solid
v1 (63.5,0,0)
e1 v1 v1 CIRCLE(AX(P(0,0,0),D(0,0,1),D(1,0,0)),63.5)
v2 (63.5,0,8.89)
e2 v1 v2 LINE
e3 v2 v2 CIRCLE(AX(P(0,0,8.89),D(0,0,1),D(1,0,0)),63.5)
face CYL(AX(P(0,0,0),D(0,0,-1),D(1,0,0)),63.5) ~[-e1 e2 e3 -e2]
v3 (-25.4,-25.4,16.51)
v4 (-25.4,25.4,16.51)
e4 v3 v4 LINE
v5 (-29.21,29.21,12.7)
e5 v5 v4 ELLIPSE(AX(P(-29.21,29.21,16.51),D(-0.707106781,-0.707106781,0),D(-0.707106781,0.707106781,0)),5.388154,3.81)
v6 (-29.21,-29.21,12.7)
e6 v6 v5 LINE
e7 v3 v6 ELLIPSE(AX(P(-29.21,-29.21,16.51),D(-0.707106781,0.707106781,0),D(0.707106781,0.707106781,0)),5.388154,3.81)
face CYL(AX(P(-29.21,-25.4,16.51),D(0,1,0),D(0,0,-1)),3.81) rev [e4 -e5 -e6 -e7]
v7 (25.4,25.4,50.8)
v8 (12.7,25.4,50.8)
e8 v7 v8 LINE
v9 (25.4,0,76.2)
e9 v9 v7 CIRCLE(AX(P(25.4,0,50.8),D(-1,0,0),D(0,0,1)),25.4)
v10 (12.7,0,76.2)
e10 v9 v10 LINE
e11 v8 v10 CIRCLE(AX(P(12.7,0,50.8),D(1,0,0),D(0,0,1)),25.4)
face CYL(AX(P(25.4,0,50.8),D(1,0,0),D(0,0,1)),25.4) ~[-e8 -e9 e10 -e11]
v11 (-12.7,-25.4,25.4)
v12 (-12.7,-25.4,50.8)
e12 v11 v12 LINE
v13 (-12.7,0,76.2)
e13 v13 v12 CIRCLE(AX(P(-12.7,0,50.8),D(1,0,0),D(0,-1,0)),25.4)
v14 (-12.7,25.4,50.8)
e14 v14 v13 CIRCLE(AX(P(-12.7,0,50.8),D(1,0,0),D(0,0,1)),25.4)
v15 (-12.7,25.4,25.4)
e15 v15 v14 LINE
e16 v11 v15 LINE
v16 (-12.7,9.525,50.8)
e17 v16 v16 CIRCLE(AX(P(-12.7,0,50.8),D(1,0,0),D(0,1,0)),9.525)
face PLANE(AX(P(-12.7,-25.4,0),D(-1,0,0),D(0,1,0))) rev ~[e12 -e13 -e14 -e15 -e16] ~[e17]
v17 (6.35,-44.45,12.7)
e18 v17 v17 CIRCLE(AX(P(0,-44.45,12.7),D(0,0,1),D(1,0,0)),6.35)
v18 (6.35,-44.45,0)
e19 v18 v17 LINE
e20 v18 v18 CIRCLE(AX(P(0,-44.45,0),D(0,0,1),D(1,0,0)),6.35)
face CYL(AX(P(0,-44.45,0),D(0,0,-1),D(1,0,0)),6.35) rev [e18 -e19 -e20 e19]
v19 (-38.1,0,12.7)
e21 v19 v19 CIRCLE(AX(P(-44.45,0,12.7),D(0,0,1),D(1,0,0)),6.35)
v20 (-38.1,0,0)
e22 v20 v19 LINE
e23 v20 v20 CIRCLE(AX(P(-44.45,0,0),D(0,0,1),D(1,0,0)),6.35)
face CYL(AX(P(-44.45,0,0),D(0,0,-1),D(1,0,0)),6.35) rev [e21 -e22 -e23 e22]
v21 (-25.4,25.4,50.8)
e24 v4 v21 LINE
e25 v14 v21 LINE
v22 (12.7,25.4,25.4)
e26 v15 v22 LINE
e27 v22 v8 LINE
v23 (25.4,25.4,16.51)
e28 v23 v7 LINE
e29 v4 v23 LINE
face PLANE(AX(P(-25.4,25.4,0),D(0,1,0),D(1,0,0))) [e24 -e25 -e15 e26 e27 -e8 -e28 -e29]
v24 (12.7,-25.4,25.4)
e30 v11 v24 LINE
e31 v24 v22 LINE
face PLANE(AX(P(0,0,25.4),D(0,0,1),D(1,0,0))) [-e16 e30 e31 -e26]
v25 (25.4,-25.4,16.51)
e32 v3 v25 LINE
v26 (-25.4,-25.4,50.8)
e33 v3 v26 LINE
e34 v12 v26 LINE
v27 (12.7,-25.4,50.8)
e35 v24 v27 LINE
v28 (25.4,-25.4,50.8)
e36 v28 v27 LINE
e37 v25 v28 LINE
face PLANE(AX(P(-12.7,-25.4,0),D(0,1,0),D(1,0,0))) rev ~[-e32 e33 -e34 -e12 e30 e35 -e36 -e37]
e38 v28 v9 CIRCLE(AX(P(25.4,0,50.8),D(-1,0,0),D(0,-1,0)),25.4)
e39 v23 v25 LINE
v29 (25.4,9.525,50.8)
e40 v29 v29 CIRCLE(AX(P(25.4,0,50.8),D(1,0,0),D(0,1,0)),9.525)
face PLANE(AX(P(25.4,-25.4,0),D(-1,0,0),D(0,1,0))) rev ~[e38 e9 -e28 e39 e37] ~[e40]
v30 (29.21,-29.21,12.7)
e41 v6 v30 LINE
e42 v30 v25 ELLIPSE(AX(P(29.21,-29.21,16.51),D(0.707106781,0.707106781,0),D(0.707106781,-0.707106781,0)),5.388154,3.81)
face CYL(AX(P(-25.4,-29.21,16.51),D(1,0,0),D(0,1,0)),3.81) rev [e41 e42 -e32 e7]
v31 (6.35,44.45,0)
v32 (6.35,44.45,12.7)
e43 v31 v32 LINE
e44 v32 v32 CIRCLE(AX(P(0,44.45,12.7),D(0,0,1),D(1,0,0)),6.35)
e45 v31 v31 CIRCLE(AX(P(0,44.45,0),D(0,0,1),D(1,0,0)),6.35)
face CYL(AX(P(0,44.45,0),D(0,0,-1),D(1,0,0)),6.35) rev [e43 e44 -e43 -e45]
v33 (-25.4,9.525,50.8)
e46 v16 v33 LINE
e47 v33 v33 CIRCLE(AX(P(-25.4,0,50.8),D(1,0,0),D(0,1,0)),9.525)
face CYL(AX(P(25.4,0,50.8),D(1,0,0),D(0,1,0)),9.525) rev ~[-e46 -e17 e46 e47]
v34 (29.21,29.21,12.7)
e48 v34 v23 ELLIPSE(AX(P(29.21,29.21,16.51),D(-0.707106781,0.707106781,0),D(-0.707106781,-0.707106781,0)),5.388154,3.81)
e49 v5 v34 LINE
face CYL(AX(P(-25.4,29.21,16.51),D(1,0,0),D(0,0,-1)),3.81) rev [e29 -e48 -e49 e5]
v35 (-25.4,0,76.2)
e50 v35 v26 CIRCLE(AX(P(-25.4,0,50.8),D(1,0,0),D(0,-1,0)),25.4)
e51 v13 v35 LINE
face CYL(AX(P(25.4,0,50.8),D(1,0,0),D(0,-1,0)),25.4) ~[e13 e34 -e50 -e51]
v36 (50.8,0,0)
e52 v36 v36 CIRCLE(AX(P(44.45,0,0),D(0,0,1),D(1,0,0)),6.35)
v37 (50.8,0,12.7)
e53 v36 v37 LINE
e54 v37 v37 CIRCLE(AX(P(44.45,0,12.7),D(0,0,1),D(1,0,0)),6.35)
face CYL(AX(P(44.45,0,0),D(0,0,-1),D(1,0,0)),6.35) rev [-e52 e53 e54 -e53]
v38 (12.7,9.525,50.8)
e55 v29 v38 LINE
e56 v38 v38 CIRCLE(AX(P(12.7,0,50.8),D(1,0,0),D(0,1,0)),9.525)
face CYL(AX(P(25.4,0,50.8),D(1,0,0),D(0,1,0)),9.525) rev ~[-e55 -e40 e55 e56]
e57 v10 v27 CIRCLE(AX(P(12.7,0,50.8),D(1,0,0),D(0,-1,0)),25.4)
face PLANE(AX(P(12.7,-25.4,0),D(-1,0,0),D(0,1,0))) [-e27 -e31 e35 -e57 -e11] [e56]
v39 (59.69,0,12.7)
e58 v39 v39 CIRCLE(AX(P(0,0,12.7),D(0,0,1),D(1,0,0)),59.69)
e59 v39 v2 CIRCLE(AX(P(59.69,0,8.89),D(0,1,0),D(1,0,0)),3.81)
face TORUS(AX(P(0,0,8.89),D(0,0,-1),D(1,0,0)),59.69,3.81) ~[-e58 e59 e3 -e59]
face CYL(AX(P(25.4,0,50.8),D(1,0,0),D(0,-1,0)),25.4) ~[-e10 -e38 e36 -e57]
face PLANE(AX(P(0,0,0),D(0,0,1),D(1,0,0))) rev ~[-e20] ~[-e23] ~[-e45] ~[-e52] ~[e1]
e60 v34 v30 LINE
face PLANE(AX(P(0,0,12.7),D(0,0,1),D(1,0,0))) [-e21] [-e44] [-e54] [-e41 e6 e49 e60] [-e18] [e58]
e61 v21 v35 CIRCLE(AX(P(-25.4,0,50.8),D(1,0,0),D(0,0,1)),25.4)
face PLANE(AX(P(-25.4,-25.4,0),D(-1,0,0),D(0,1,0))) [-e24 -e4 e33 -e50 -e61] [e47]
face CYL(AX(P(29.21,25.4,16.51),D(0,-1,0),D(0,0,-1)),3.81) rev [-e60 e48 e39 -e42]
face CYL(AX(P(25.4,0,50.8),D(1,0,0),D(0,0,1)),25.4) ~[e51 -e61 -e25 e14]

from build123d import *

# Parameters (mm, degrees)
F0_R     = 63.5
F0_R_2   = 6.35
F1_DEPTH = 12.7
F0_W     = 12.7
F0_H     = 50.8
F2_DEPTH = 76.2
F0_W_2   = 25.4
F3_DEPTH = 25.4
F4_R     = 9.525
F5_DEPTH = 88.901
F6_R     = 3.81


with BuildPart() as f1:
    # F0 (on Top) → F1 (new body)
    with BuildSketch(Plane.XY):
        Circle(F0_R)
        with Locations((0, -44.45)):
            Circle(F0_R_2, mode=Mode.SUBTRACT)
        with Locations((-44.45, 0)):
            Circle(F0_R_2, mode=Mode.SUBTRACT)
        Polygon((-25.4, -25.4), (-25.4, 25.4), (-12.7, 25.4), (12.7, 25.4), (25.4, 25.4), (25.4, -25.4), (12.7, -25.4), (-12.7, -25.4), align=None, mode=Mode.SUBTRACT)
        with Locations((44.45, 0)):
            Circle(F0_R_2, mode=Mode.SUBTRACT)
        with Locations((0, 44.45)):
            Circle(F0_R_2, mode=Mode.SUBTRACT)
    extrude(amount=F1_DEPTH)

    # F0 (on Top) → F2 (join)
    with BuildSketch(Plane.XY):
        with Locations((-19.05, 0)):
            Rectangle(F0_W, F0_H)
        with Locations((19.05, 0)):
            Rectangle(F0_W, F0_H)
    extrude(amount=F2_DEPTH)

    # F0 (on Top) → F3 (join)
    with BuildSketch(Plane.XY):
        Rectangle(F0_W_2, F0_H)
    extrude(amount=F3_DEPTH)

    # F4 (on face) → F5 (cut, through all)
    with BuildSketch(Plane.YZ.offset(25.4)):
        with Locations((0, 50.8)):
            Circle(F4_R)
        with BuildLine():
            ThreePointArc((-25.4, 50.8), (-17.9605122421, 68.7605122421), (0, 76.2))
            Line((0, 76.2), (-25.4, 76.2))
            Line((-25.4, 76.2), (-25.4, 50.8))
        make_face()
        with BuildLine():
            ThreePointArc((0, 76.2), (17.9605122421, 68.7605122421), (25.4, 50.8))
            Line((25.4, 50.8), (25.4, 76.2))
            Line((25.4, 76.2), (0, 76.2))
        make_face()
    extrude(amount=-F5_DEPTH, mode=Mode.SUBTRACT)

    # F6
    f6_edges = [f1.edges().sort_by_distance(p)[0] for p in [
        (25.4, 0, 12.7),
        (0, -25.4, 12.7),
        (-25.4, 0, 12.7),
        (0, 25.4, 12.7),
        (-63.5, 0, 12.7),
    ]]
    fillet(f6_edges, radius=F6_R)


solid = f1.part
